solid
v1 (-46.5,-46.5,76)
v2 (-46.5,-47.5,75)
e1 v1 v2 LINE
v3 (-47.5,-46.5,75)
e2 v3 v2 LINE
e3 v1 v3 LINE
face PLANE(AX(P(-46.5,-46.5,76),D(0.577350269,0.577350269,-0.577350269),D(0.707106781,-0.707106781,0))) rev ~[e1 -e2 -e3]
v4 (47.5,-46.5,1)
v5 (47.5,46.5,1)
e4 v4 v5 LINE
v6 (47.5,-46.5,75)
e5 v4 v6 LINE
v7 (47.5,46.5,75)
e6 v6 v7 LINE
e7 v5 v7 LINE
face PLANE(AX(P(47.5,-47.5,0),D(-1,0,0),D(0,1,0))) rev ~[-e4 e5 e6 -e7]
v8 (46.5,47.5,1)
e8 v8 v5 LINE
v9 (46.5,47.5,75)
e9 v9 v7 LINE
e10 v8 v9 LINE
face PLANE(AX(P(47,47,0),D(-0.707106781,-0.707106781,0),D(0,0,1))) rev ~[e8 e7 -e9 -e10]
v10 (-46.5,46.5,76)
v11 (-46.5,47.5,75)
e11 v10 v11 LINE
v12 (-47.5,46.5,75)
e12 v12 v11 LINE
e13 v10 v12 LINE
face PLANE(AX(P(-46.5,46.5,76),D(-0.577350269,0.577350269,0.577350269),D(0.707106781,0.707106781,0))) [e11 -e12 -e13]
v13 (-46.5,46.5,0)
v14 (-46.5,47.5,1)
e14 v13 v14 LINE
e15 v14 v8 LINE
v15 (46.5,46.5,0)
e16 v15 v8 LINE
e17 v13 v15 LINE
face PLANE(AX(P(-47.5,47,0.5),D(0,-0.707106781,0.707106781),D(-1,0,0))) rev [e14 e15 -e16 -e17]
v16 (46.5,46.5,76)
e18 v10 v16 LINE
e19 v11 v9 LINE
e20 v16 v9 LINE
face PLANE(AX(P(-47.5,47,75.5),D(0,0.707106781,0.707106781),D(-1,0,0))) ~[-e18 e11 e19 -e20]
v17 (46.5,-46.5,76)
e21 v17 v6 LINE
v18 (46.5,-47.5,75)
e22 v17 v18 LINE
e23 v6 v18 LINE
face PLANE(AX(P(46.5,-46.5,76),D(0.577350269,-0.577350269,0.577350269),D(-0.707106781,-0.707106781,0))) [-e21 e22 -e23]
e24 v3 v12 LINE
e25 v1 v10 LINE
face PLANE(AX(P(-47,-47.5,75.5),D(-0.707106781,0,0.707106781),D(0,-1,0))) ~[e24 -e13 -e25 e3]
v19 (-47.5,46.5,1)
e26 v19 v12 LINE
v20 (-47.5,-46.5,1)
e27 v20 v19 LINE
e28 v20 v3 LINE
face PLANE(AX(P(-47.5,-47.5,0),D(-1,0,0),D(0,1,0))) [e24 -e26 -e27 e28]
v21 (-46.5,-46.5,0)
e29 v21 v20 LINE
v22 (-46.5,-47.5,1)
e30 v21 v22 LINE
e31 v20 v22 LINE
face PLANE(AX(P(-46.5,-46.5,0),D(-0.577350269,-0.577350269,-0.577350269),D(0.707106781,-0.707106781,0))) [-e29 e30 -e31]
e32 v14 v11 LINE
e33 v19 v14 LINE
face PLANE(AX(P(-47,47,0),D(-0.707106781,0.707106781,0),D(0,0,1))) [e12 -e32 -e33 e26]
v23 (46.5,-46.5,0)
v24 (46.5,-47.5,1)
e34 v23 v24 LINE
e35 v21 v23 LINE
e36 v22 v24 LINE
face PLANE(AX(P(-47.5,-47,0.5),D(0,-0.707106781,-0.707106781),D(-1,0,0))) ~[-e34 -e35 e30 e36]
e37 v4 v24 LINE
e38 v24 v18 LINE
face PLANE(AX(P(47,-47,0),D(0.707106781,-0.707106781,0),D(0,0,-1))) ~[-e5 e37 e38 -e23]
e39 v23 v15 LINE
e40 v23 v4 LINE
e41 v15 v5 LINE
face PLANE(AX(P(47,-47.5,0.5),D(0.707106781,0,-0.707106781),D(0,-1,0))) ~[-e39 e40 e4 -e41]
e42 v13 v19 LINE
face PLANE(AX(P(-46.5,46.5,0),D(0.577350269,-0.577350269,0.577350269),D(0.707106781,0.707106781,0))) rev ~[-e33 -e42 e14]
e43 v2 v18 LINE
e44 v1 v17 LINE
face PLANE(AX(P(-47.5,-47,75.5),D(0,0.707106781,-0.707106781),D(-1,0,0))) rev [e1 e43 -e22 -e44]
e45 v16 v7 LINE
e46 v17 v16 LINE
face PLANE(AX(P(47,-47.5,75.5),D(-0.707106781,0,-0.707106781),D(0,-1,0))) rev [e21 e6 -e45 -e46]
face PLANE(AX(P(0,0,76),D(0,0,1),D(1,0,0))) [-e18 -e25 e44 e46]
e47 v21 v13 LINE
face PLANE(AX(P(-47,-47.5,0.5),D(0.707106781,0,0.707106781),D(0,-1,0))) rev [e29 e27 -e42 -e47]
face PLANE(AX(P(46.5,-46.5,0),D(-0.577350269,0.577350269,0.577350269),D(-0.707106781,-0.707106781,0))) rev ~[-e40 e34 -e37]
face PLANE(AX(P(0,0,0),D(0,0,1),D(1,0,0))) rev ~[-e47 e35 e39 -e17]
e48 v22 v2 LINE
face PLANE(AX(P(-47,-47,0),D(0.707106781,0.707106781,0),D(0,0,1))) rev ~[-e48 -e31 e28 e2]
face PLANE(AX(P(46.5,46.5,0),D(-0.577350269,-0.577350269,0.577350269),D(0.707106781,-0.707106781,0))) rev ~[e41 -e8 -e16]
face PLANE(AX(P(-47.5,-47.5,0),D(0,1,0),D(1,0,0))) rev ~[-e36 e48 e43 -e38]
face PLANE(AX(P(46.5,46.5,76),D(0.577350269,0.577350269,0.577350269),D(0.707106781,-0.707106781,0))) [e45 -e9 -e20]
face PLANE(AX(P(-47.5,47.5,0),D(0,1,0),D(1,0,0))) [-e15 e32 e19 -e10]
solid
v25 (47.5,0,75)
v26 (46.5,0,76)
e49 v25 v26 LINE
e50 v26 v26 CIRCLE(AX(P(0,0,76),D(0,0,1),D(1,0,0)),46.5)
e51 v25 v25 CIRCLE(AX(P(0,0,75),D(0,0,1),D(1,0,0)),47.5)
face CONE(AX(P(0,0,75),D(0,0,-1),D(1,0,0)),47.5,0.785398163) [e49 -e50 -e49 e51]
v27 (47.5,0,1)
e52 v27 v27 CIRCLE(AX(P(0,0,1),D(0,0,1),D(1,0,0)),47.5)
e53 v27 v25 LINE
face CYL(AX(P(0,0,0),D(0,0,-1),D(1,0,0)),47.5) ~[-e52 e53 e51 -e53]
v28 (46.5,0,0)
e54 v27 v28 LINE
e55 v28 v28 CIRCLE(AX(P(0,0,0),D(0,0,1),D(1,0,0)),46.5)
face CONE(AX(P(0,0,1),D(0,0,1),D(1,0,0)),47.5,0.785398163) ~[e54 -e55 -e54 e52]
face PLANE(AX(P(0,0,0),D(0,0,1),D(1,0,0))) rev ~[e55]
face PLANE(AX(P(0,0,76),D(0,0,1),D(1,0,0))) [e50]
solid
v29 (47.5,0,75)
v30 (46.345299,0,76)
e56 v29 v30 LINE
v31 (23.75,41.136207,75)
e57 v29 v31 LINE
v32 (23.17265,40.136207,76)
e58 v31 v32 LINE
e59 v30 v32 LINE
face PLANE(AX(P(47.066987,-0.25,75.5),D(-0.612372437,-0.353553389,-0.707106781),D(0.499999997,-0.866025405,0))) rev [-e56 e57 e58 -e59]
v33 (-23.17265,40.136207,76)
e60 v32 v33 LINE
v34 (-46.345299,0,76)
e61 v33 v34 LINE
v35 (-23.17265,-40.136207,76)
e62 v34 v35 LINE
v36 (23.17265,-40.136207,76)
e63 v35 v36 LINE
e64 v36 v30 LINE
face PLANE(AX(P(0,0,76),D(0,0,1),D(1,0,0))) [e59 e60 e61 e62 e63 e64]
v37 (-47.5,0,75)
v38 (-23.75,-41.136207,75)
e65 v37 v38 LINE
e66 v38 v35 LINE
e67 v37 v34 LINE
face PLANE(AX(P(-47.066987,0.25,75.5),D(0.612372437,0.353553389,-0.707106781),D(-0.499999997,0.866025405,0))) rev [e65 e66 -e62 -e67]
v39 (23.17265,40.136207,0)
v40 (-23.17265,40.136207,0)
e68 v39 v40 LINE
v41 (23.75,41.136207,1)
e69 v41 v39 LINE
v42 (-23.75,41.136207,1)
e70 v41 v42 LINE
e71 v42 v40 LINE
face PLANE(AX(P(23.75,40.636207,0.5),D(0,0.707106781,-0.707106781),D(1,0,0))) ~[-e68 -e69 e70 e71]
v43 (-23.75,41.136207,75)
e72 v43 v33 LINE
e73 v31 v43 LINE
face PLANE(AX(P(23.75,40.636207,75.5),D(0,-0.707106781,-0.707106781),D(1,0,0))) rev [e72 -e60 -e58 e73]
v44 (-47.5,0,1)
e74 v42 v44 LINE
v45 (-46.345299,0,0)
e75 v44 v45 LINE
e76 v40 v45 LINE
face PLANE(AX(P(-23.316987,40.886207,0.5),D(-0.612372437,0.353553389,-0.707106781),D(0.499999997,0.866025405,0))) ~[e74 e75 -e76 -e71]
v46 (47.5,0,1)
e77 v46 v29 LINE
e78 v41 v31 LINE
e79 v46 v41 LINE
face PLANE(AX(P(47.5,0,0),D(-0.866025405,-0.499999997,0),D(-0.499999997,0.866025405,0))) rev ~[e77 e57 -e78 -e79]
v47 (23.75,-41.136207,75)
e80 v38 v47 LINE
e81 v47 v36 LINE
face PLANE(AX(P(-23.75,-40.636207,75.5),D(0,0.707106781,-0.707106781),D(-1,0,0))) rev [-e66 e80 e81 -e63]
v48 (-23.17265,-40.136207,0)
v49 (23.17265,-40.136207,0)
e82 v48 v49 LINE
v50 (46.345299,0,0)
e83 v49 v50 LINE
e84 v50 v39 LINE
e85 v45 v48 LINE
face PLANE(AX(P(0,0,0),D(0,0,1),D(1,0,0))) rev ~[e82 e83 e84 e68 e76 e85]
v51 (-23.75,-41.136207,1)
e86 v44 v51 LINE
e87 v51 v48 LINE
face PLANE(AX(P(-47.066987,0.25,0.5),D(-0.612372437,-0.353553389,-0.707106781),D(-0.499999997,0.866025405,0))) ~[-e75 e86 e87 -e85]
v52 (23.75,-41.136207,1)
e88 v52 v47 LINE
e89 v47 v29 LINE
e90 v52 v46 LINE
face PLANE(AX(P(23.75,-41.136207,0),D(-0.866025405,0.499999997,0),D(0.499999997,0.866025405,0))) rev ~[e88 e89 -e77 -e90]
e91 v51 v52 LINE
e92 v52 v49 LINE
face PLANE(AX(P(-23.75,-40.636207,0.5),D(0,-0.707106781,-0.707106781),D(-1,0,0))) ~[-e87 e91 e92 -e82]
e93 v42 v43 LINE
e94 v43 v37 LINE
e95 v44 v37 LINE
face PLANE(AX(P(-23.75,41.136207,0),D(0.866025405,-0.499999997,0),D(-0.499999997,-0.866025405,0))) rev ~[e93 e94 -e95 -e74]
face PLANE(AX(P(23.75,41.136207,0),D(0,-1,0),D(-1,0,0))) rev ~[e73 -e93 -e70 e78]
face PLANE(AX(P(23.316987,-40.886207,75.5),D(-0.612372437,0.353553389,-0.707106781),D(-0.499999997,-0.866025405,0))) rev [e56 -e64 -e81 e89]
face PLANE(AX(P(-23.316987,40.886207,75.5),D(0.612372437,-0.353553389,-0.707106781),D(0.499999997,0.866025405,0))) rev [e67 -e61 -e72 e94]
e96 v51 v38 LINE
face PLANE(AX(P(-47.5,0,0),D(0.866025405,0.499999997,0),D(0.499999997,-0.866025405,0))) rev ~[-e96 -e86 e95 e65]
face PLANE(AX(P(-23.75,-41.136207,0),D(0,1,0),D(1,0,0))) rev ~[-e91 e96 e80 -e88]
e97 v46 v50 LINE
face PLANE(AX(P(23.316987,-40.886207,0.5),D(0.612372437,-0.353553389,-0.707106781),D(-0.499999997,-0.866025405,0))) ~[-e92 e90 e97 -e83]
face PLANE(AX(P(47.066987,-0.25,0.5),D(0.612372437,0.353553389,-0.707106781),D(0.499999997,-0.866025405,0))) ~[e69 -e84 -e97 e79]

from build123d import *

# Parameters (mm, degrees)
SKETCH_W        = 95
SKETCH_H        = 95
PAD_DEPTH       = 76
CHAMFER_SIZE    = 1
PAD001_DEPTH    = 76
CHAMFER001_SIZE = 1
SKETCH002_R     = 47.5
PAD002_DEPTH    = 76
CHAMFER002_SIZE = 1


with BuildPart() as balisecarre:
    # Sketch → Pad (new body)
    with BuildSketch(Plane.XY):
        Rectangle(SKETCH_W, SKETCH_H)
    extrude(amount=PAD_DEPTH)

    # Chamfer
    chamfer_edges = [balisecarre.edges().sort_by_distance(p)[0] for p in [
        (47.5, -47.5, 38),
        (-47.5, 47.5, 38),
        (-47.5, -47.5, 38),
        (47.5, 47.5, 38),
        (-47.5, 0, 76),
        (0, 47.5, 76),
        (47.5, 0, 76),
        (0, -47.5, 76),
        (-47.5, 0, 0),
        (0, 47.5, 0),
        (47.5, 0, 0),
        (0, -47.5, 0),
    ]]
    chamfer(chamfer_edges, length=CHAMFER_SIZE)


with BuildPart() as balisehexagone:
    # Sketch001 → Pad001 (new body)
    with BuildSketch(Plane.XY):
        Polygon((47.5, 0), (23.75, 41.136207), (-23.75, 41.136207), (-47.5, 0), (-23.75, -41.136207), (23.75, -41.136207), align=None)
    extrude(amount=PAD001_DEPTH)

    # Chamfer001
    chamfer001_edges = [balisehexagone.edges().sort_by_distance(p)[0] for p in [
        (35.625, 20.568103, 76),
        (0, 41.136207, 76),
        (-35.625, 20.568103, 76),
        (-35.625, -20.568103, 76),
        (0, -41.136207, 76),
        (35.625, -20.568103, 76),
        (35.625, 20.568103, 0),
        (0, 41.136207, 0),
        (-35.625, 20.568103, 0),
        (-35.625, -20.568103, 0),
        (0, -41.136207, 0),
        (35.625, -20.568103, 0),
    ]]
    chamfer(chamfer001_edges, length=CHAMFER001_SIZE)


with BuildPart() as balisecylindre:
    # Sketch002 → Pad002 (new body)
    with BuildSketch(Plane.XY):
        Circle(SKETCH002_R)
    extrude(amount=PAD002_DEPTH)

    # Chamfer002
    chamfer002_edges = [balisecylindre.edges().sort_by_distance(p)[0] for p in [
        (-47.5, 0, 76),
        (-47.5, 0, 0),
    ]]
    chamfer(chamfer002_edges, length=CHAMFER002_SIZE)


solid = Compound([balisecarre.part, balisehexagone.part, balisecylindre.part])
